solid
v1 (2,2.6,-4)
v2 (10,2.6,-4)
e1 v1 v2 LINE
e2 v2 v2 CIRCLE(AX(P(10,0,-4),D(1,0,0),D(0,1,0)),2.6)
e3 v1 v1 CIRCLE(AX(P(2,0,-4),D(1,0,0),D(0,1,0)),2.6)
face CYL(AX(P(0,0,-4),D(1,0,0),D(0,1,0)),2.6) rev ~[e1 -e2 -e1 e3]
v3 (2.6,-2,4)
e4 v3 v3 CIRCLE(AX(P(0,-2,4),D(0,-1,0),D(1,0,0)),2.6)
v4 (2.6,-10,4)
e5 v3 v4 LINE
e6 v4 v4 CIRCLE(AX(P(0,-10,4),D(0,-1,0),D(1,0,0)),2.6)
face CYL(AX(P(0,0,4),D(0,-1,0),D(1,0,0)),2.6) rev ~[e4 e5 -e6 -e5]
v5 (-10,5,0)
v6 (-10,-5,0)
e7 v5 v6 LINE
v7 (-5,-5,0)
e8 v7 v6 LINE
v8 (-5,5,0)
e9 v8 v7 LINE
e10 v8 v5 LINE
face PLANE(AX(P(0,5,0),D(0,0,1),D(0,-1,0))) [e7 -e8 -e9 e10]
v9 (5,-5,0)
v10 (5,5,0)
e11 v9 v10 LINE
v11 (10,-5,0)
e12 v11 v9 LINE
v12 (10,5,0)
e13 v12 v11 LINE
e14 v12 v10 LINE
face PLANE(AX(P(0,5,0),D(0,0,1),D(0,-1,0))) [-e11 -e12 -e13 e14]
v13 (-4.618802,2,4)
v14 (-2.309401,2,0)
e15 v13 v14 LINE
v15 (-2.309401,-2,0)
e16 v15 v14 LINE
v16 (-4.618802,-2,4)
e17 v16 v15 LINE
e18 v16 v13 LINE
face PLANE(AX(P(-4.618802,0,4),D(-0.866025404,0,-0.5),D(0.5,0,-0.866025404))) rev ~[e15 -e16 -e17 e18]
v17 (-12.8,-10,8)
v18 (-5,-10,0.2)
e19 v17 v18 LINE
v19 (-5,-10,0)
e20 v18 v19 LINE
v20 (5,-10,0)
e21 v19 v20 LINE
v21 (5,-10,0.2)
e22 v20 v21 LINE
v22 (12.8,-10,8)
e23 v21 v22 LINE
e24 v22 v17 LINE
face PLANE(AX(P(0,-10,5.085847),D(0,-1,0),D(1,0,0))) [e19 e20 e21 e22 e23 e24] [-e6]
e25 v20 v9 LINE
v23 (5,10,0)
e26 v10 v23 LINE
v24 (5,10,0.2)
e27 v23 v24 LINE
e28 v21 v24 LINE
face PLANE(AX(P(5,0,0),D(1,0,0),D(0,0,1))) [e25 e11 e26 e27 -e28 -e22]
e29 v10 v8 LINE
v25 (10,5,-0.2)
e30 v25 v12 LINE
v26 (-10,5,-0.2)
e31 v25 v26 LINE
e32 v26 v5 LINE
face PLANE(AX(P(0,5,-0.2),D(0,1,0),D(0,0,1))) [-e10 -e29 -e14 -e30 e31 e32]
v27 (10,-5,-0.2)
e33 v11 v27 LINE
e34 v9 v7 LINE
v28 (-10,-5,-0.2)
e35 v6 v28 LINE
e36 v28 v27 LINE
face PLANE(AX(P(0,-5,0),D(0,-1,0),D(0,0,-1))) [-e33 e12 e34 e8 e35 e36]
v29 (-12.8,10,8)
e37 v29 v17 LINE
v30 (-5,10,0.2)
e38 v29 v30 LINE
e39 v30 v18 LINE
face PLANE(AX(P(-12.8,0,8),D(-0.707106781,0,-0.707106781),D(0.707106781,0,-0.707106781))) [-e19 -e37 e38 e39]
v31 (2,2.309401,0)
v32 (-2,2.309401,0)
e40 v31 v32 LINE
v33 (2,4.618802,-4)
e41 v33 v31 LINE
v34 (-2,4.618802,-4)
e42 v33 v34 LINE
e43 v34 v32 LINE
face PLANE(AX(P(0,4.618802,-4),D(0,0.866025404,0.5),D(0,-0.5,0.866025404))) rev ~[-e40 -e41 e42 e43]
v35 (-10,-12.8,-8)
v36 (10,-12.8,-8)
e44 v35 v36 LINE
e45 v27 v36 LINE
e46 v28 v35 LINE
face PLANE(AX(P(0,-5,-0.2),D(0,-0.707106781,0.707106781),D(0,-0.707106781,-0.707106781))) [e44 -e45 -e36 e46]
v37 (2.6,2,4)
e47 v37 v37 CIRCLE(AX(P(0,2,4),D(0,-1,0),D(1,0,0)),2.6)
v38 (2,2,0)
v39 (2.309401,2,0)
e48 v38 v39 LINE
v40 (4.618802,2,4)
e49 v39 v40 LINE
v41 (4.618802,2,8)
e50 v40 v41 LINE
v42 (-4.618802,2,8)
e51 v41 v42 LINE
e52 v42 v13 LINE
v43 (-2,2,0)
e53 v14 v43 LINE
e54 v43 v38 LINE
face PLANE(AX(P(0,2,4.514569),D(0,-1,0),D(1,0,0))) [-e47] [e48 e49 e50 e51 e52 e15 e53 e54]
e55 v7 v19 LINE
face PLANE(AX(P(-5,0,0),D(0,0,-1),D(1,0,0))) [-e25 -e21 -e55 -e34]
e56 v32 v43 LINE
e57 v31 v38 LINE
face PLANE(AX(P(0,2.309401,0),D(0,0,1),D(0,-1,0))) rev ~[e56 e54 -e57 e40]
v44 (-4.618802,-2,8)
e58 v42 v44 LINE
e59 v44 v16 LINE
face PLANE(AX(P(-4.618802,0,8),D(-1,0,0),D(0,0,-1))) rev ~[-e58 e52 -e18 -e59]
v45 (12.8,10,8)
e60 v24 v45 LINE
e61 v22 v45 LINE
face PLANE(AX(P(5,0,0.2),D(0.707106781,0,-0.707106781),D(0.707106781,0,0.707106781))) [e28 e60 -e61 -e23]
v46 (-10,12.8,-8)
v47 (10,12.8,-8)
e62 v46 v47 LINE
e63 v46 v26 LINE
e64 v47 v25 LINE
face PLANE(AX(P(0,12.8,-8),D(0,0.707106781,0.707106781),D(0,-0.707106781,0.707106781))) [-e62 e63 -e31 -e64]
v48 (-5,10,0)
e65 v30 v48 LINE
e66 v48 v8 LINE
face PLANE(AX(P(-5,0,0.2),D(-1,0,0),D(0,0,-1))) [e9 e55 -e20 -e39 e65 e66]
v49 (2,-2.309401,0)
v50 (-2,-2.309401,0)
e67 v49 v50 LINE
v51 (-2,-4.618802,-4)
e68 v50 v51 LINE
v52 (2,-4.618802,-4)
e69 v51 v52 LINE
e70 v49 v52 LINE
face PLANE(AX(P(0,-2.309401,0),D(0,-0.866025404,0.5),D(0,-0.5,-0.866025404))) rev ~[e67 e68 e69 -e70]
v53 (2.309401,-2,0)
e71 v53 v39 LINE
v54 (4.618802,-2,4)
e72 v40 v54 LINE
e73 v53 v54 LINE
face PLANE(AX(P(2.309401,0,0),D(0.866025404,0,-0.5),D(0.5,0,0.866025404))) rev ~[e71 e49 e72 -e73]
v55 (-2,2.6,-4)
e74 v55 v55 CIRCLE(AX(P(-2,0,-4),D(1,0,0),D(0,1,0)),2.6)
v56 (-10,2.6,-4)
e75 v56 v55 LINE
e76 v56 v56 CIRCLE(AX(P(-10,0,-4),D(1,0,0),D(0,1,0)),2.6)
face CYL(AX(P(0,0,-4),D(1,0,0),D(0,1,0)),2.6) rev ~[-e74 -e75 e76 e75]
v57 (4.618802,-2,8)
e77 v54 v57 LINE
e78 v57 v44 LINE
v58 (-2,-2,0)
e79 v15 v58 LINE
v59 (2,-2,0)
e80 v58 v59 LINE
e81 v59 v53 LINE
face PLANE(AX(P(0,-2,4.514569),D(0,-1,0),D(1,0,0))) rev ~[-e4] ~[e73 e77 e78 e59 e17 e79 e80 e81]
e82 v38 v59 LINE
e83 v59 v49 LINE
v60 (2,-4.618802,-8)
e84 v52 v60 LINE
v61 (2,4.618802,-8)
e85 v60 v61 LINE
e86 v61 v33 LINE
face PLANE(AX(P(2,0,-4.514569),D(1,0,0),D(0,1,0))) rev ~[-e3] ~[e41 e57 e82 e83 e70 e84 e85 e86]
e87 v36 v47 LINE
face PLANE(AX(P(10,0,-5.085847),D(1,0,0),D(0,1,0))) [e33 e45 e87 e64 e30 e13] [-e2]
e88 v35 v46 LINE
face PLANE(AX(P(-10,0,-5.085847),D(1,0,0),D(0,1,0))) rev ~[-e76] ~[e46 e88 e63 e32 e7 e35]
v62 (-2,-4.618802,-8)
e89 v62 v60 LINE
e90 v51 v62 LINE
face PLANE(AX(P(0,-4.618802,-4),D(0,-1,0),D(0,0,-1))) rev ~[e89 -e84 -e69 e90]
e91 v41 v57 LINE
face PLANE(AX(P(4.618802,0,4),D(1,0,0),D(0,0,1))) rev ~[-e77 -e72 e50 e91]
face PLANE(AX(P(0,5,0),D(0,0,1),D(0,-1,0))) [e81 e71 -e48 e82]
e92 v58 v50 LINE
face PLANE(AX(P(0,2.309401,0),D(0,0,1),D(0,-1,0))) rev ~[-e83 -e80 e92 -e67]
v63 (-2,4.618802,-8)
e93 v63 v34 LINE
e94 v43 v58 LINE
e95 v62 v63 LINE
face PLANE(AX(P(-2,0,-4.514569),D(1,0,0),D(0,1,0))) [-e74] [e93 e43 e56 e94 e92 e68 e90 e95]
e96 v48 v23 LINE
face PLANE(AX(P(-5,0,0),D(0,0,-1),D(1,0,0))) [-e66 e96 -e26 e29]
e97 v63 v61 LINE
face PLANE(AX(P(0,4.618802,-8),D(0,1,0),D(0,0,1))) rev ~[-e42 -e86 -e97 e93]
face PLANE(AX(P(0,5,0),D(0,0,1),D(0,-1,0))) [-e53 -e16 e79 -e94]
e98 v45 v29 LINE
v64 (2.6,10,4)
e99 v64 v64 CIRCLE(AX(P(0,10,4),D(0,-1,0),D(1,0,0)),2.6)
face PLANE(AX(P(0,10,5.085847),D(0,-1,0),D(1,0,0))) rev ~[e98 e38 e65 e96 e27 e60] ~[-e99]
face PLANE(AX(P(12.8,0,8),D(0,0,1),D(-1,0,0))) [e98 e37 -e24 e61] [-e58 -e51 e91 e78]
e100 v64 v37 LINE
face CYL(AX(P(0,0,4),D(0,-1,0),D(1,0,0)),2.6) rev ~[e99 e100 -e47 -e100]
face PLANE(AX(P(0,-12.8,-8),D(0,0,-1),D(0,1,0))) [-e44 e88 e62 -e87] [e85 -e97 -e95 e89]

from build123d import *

# Parameters (mm, degrees)
F1_DEPTH  = 10
F4_DEPTH  = 2
F7_R      = 2.6
F8_DEPTH  = 10
F9_DEPTH  = 10
F10_DEPTH = 2
F6_R      = 2.6
F11_DEPTH = 10


with BuildPart() as f1:
    # F0 (on Front) → F1 (new body, symmetric)
    with BuildSketch(Plane.XZ):
        Polygon((12.8, 8), (0, 8), (-12.8, 8), (-5, 0.2), (-5, 0), (0, 0), (5, 0), (5, 0.2), align=None)
    extrude(amount=F1_DEPTH, both=True)

    # F3 (on Front) → F4 (cut, symmetric)
    with BuildSketch(Plane.XZ):
        Polygon((2.3094010768, 0), (4.6188021535, 4), (4.6188021535, 8), (-4.6188021535, 8), (-4.6188021535, 4), (-2.3094010768, 0), align=None)
    extrude(amount=F4_DEPTH, both=True, mode=Mode.SUBTRACT)

    # F7 (on Front) → F8 (cut, symmetric)
    with BuildSketch(Plane.XZ):
        with Locations((0, 4)):
            Circle(F7_R)
    extrude(amount=F8_DEPTH, both=True, mode=Mode.SUBTRACT)

    # F2 (on Right) → F9 (join, symmetric)
    with BuildSketch(Plane.YZ):
        Polygon((-5, 0), (-5, -0.2), (-12.8, -8), (0, -8), (12.8, -8), (5, -0.2), (5, 0), (0, 0), align=None)
    extrude(amount=F9_DEPTH, both=True)

    # F5 (on Right) → F10 (cut, symmetric)
    with BuildSketch(Plane.YZ):
        Polygon((-2.3094010768, 0), (-4.6188021535, -4), (-4.6188021535, -8), (4.6188021535, -8), (4.6188021535, -4), (2.3094010768, 0), align=None)
    extrude(amount=F10_DEPTH, both=True, mode=Mode.SUBTRACT)

    # F6 (on Right) → F11 (cut, symmetric)
    with BuildSketch(Plane.YZ):
        with Locations((0, -4)):
            Circle(F6_R)
    extrude(amount=F11_DEPTH, both=True, mode=Mode.SUBTRACT)


solid = f1.part
